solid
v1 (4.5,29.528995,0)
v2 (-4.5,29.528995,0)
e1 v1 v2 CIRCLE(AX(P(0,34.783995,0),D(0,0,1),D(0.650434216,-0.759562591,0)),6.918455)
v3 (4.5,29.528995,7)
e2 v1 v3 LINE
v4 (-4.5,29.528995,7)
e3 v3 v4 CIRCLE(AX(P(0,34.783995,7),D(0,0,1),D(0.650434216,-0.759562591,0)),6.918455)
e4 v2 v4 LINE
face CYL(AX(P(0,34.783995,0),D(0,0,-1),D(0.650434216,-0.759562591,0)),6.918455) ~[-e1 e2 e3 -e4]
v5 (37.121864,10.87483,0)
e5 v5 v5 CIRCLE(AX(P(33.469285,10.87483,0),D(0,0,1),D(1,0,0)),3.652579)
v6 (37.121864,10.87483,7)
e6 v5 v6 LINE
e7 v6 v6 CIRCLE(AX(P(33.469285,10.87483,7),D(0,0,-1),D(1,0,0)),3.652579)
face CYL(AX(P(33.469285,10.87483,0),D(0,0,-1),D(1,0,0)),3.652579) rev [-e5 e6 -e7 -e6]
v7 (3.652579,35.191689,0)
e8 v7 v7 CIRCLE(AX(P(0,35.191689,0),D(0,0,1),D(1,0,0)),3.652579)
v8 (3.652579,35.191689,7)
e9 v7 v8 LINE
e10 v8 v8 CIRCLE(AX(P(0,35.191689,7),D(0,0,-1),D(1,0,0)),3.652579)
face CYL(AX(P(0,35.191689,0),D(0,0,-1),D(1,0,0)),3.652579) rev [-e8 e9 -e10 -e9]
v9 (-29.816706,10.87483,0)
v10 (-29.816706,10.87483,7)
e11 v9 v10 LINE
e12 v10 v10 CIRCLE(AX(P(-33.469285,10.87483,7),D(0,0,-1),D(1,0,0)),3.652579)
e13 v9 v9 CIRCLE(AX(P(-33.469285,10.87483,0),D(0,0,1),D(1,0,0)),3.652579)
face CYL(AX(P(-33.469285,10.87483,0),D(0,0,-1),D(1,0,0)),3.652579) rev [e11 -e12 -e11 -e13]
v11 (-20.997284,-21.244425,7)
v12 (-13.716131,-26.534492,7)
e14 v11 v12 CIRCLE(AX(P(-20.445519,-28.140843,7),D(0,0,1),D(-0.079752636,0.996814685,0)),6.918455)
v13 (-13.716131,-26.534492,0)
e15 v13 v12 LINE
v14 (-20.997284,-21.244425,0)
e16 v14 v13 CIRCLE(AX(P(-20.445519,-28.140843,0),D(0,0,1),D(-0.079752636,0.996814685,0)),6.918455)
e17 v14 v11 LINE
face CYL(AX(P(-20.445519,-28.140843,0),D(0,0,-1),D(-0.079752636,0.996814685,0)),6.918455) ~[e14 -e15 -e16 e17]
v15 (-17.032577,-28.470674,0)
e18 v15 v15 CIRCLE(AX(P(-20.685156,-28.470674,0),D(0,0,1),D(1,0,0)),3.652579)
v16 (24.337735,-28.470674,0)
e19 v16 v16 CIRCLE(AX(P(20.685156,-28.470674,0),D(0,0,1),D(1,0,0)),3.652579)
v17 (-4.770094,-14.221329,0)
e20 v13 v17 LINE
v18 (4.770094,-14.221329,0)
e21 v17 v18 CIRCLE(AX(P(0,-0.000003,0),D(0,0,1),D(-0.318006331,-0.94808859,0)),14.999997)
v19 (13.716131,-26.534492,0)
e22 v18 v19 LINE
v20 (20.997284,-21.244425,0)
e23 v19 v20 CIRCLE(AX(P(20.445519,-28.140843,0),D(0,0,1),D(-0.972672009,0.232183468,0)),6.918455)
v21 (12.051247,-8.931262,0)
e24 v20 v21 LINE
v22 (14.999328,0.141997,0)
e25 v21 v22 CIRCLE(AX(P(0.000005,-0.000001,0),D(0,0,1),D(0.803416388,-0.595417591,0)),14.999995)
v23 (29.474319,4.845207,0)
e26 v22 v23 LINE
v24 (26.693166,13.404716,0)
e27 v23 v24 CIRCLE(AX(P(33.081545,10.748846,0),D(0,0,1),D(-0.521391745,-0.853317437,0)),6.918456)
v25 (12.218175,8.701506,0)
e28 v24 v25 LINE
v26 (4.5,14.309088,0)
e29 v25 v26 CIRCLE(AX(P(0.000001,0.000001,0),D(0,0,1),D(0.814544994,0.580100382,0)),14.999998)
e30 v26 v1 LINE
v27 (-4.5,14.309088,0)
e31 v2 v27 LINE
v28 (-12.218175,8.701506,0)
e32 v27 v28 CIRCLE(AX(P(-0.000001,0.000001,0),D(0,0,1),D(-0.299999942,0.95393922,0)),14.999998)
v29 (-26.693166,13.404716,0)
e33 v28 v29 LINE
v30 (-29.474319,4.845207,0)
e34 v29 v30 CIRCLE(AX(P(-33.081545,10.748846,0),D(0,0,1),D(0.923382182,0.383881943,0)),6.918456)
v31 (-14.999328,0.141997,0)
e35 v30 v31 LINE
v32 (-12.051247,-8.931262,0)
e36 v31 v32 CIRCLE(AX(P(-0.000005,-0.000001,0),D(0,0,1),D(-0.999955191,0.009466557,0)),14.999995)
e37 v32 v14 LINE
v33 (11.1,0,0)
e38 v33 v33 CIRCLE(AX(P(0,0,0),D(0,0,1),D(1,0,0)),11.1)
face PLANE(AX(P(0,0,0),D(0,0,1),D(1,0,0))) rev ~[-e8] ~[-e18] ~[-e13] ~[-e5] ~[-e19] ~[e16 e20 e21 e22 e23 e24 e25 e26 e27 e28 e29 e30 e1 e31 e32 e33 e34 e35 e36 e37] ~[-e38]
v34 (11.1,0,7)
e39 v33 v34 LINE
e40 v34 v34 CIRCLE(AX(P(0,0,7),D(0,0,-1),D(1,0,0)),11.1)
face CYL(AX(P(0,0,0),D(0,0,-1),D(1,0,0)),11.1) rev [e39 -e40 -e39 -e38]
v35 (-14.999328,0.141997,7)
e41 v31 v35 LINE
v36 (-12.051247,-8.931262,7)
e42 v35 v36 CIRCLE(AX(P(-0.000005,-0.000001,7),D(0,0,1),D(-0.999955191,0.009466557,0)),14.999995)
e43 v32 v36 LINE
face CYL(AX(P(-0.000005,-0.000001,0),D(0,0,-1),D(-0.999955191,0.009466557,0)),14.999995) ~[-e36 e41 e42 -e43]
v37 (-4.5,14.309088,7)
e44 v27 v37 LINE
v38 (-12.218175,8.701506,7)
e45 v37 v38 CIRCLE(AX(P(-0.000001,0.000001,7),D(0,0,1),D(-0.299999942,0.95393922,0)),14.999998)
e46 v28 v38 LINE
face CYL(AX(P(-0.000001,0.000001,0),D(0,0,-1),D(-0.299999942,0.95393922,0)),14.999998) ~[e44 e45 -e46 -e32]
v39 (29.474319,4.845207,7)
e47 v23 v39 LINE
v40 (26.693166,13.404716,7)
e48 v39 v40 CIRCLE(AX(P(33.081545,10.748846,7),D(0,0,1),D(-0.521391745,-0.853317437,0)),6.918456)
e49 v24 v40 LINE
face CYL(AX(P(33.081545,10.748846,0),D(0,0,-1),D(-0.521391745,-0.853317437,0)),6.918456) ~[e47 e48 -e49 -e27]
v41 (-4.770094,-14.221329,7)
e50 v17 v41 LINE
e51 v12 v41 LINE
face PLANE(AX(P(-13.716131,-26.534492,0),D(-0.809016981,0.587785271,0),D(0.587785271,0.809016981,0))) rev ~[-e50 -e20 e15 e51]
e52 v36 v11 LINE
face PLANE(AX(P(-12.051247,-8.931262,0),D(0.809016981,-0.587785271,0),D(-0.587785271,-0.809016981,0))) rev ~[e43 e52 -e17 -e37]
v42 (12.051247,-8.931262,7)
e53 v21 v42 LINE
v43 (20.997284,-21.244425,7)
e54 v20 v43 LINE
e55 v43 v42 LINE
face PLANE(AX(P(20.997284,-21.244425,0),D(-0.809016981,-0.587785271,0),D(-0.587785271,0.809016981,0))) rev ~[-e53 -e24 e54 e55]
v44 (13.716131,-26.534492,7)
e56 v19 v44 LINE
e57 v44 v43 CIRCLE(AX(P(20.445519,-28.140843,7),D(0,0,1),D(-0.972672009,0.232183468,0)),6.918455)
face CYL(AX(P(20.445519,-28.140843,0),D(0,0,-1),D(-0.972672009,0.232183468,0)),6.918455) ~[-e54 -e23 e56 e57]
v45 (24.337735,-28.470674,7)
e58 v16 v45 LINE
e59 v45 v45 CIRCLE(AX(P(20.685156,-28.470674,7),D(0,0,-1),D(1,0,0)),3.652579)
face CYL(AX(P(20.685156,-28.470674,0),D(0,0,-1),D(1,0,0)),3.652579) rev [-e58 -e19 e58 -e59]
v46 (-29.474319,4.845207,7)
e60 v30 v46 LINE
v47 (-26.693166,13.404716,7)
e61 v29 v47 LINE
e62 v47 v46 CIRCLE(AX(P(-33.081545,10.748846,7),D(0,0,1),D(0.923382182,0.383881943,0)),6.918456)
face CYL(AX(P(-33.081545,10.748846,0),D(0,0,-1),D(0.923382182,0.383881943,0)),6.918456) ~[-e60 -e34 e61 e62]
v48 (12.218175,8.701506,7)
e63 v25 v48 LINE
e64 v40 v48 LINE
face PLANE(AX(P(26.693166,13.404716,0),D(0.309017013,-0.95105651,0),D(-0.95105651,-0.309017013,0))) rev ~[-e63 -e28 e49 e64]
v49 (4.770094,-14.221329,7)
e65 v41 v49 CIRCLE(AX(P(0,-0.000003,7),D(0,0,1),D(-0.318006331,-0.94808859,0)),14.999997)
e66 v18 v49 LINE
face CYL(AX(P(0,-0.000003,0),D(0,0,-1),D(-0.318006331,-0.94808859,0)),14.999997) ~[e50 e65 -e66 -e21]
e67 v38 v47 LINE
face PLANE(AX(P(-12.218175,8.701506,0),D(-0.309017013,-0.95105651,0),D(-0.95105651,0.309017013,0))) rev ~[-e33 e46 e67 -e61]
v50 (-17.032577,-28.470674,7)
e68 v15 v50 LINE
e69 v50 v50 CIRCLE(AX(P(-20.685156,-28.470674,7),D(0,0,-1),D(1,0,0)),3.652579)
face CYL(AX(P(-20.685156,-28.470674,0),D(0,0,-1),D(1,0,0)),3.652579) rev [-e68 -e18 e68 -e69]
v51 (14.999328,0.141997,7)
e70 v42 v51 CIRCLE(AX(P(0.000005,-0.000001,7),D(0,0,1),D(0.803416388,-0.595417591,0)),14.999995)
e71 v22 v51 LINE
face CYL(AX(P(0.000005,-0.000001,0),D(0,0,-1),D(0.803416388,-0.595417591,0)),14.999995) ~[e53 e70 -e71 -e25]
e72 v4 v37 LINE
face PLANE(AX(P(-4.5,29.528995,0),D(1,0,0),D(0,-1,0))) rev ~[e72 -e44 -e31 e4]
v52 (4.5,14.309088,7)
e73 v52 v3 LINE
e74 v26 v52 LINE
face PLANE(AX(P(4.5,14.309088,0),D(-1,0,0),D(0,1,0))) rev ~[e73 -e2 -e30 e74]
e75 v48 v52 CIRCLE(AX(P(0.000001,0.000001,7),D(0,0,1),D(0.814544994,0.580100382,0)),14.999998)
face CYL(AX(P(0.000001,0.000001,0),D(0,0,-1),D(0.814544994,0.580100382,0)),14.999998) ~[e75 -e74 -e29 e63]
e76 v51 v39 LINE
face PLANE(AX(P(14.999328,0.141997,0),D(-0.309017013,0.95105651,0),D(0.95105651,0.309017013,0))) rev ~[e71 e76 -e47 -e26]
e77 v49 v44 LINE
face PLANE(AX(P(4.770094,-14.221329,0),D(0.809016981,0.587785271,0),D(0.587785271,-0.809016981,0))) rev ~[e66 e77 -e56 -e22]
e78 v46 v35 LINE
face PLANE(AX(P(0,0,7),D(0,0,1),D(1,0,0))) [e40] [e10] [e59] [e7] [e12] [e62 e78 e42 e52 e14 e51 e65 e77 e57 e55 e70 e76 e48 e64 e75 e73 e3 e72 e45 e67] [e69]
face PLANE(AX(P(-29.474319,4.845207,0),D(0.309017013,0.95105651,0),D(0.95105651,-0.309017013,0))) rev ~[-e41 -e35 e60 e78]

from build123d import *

# Parameters (mm, degrees)
F2_DEPTH = 7
F0_R     = 11.1
F3_DEPTH = 7.001
F4_R     = 3.652579
F5_DEPTH = 7.001


with BuildPart() as f2:
    # F1 (on Top) → F2 (new body)
    with BuildSketch(Plane.XY):
        with BuildLine():
            Line((-4.5, 29.528995), (-4.5, 14.309088))
            ThreePointArc((-4.5, 14.309088), (-8.816779, 12.135255), (-12.218175, 8.701506))
            Line((-12.218175, 8.701506), (-26.693166, 13.404716))
            ThreePointArc((-26.693166, 13.404716), (-39.661387, 12.886766), (-29.474319, 4.845207))
            Line((-29.474319, 4.845207), (-14.999328, 0.141997))
            ThreePointArc((-14.999328, 0.141997), (-14.265848, -4.635255), (-12.051247, -8.931262))
            Line((-12.051247, -8.931262), (-20.997284, -21.244425))
            ThreePointArc((-20.997284, -21.244425), (-24.512085, -33.737991), (-13.716131, -26.534492))
            Line((-13.716131, -26.534492), (-4.770094, -14.221329))
            ThreePointArc((-4.770094, -14.221329), (0, -15), (4.770094, -14.221329))
            Line((4.770094, -14.221329), (13.716131, -26.534492))
            ThreePointArc((13.716131, -26.534492), (24.512085, -33.737991), (20.997284, -21.244425))
            Line((20.997284, -21.244425), (12.051247, -8.931262))
            ThreePointArc((12.051247, -8.931262), (14.265848, -4.635255), (14.999328, 0.141997))
            Line((14.999328, 0.141997), (29.474319, 4.845207))
            ThreePointArc((29.474319, 4.845207), (39.661387, 12.886766), (26.693166, 13.404716))
            Line((26.693166, 13.404716), (12.218175, 8.701506))
            ThreePointArc((12.218175, 8.701506), (8.816779, 12.135255), (4.5, 14.309088))
            Line((4.5, 14.309088), (4.5, 29.528995))
            ThreePointArc((4.5, 29.528995), (0, 41.70245), (-4.5, 29.528995))
        make_face()
    extrude(amount=F2_DEPTH)

    # F0 (on Top) → F3 (cut, through all)
    with BuildSketch(Plane.XY):
        Circle(F0_R)
    extrude(amount=F3_DEPTH, mode=Mode.SUBTRACT)

    # F4 (on Top) → F5 (cut, through all)
    with BuildSketch(Plane.XY):
        with Locations((0, 35.191689)):
            Circle(F4_R)
        with Locations((-33.469285, 10.87483)):
            Circle(F4_R)
        with Locations((-20.685156, -28.470674)):
            Circle(F4_R)
        with Locations((20.685156, -28.470674)):
            Circle(F4_R)
        with Locations((33.469285, 10.87483)):
            Circle(F4_R)
    extrude(amount=F5_DEPTH, mode=Mode.SUBTRACT)


solid = f2.part
